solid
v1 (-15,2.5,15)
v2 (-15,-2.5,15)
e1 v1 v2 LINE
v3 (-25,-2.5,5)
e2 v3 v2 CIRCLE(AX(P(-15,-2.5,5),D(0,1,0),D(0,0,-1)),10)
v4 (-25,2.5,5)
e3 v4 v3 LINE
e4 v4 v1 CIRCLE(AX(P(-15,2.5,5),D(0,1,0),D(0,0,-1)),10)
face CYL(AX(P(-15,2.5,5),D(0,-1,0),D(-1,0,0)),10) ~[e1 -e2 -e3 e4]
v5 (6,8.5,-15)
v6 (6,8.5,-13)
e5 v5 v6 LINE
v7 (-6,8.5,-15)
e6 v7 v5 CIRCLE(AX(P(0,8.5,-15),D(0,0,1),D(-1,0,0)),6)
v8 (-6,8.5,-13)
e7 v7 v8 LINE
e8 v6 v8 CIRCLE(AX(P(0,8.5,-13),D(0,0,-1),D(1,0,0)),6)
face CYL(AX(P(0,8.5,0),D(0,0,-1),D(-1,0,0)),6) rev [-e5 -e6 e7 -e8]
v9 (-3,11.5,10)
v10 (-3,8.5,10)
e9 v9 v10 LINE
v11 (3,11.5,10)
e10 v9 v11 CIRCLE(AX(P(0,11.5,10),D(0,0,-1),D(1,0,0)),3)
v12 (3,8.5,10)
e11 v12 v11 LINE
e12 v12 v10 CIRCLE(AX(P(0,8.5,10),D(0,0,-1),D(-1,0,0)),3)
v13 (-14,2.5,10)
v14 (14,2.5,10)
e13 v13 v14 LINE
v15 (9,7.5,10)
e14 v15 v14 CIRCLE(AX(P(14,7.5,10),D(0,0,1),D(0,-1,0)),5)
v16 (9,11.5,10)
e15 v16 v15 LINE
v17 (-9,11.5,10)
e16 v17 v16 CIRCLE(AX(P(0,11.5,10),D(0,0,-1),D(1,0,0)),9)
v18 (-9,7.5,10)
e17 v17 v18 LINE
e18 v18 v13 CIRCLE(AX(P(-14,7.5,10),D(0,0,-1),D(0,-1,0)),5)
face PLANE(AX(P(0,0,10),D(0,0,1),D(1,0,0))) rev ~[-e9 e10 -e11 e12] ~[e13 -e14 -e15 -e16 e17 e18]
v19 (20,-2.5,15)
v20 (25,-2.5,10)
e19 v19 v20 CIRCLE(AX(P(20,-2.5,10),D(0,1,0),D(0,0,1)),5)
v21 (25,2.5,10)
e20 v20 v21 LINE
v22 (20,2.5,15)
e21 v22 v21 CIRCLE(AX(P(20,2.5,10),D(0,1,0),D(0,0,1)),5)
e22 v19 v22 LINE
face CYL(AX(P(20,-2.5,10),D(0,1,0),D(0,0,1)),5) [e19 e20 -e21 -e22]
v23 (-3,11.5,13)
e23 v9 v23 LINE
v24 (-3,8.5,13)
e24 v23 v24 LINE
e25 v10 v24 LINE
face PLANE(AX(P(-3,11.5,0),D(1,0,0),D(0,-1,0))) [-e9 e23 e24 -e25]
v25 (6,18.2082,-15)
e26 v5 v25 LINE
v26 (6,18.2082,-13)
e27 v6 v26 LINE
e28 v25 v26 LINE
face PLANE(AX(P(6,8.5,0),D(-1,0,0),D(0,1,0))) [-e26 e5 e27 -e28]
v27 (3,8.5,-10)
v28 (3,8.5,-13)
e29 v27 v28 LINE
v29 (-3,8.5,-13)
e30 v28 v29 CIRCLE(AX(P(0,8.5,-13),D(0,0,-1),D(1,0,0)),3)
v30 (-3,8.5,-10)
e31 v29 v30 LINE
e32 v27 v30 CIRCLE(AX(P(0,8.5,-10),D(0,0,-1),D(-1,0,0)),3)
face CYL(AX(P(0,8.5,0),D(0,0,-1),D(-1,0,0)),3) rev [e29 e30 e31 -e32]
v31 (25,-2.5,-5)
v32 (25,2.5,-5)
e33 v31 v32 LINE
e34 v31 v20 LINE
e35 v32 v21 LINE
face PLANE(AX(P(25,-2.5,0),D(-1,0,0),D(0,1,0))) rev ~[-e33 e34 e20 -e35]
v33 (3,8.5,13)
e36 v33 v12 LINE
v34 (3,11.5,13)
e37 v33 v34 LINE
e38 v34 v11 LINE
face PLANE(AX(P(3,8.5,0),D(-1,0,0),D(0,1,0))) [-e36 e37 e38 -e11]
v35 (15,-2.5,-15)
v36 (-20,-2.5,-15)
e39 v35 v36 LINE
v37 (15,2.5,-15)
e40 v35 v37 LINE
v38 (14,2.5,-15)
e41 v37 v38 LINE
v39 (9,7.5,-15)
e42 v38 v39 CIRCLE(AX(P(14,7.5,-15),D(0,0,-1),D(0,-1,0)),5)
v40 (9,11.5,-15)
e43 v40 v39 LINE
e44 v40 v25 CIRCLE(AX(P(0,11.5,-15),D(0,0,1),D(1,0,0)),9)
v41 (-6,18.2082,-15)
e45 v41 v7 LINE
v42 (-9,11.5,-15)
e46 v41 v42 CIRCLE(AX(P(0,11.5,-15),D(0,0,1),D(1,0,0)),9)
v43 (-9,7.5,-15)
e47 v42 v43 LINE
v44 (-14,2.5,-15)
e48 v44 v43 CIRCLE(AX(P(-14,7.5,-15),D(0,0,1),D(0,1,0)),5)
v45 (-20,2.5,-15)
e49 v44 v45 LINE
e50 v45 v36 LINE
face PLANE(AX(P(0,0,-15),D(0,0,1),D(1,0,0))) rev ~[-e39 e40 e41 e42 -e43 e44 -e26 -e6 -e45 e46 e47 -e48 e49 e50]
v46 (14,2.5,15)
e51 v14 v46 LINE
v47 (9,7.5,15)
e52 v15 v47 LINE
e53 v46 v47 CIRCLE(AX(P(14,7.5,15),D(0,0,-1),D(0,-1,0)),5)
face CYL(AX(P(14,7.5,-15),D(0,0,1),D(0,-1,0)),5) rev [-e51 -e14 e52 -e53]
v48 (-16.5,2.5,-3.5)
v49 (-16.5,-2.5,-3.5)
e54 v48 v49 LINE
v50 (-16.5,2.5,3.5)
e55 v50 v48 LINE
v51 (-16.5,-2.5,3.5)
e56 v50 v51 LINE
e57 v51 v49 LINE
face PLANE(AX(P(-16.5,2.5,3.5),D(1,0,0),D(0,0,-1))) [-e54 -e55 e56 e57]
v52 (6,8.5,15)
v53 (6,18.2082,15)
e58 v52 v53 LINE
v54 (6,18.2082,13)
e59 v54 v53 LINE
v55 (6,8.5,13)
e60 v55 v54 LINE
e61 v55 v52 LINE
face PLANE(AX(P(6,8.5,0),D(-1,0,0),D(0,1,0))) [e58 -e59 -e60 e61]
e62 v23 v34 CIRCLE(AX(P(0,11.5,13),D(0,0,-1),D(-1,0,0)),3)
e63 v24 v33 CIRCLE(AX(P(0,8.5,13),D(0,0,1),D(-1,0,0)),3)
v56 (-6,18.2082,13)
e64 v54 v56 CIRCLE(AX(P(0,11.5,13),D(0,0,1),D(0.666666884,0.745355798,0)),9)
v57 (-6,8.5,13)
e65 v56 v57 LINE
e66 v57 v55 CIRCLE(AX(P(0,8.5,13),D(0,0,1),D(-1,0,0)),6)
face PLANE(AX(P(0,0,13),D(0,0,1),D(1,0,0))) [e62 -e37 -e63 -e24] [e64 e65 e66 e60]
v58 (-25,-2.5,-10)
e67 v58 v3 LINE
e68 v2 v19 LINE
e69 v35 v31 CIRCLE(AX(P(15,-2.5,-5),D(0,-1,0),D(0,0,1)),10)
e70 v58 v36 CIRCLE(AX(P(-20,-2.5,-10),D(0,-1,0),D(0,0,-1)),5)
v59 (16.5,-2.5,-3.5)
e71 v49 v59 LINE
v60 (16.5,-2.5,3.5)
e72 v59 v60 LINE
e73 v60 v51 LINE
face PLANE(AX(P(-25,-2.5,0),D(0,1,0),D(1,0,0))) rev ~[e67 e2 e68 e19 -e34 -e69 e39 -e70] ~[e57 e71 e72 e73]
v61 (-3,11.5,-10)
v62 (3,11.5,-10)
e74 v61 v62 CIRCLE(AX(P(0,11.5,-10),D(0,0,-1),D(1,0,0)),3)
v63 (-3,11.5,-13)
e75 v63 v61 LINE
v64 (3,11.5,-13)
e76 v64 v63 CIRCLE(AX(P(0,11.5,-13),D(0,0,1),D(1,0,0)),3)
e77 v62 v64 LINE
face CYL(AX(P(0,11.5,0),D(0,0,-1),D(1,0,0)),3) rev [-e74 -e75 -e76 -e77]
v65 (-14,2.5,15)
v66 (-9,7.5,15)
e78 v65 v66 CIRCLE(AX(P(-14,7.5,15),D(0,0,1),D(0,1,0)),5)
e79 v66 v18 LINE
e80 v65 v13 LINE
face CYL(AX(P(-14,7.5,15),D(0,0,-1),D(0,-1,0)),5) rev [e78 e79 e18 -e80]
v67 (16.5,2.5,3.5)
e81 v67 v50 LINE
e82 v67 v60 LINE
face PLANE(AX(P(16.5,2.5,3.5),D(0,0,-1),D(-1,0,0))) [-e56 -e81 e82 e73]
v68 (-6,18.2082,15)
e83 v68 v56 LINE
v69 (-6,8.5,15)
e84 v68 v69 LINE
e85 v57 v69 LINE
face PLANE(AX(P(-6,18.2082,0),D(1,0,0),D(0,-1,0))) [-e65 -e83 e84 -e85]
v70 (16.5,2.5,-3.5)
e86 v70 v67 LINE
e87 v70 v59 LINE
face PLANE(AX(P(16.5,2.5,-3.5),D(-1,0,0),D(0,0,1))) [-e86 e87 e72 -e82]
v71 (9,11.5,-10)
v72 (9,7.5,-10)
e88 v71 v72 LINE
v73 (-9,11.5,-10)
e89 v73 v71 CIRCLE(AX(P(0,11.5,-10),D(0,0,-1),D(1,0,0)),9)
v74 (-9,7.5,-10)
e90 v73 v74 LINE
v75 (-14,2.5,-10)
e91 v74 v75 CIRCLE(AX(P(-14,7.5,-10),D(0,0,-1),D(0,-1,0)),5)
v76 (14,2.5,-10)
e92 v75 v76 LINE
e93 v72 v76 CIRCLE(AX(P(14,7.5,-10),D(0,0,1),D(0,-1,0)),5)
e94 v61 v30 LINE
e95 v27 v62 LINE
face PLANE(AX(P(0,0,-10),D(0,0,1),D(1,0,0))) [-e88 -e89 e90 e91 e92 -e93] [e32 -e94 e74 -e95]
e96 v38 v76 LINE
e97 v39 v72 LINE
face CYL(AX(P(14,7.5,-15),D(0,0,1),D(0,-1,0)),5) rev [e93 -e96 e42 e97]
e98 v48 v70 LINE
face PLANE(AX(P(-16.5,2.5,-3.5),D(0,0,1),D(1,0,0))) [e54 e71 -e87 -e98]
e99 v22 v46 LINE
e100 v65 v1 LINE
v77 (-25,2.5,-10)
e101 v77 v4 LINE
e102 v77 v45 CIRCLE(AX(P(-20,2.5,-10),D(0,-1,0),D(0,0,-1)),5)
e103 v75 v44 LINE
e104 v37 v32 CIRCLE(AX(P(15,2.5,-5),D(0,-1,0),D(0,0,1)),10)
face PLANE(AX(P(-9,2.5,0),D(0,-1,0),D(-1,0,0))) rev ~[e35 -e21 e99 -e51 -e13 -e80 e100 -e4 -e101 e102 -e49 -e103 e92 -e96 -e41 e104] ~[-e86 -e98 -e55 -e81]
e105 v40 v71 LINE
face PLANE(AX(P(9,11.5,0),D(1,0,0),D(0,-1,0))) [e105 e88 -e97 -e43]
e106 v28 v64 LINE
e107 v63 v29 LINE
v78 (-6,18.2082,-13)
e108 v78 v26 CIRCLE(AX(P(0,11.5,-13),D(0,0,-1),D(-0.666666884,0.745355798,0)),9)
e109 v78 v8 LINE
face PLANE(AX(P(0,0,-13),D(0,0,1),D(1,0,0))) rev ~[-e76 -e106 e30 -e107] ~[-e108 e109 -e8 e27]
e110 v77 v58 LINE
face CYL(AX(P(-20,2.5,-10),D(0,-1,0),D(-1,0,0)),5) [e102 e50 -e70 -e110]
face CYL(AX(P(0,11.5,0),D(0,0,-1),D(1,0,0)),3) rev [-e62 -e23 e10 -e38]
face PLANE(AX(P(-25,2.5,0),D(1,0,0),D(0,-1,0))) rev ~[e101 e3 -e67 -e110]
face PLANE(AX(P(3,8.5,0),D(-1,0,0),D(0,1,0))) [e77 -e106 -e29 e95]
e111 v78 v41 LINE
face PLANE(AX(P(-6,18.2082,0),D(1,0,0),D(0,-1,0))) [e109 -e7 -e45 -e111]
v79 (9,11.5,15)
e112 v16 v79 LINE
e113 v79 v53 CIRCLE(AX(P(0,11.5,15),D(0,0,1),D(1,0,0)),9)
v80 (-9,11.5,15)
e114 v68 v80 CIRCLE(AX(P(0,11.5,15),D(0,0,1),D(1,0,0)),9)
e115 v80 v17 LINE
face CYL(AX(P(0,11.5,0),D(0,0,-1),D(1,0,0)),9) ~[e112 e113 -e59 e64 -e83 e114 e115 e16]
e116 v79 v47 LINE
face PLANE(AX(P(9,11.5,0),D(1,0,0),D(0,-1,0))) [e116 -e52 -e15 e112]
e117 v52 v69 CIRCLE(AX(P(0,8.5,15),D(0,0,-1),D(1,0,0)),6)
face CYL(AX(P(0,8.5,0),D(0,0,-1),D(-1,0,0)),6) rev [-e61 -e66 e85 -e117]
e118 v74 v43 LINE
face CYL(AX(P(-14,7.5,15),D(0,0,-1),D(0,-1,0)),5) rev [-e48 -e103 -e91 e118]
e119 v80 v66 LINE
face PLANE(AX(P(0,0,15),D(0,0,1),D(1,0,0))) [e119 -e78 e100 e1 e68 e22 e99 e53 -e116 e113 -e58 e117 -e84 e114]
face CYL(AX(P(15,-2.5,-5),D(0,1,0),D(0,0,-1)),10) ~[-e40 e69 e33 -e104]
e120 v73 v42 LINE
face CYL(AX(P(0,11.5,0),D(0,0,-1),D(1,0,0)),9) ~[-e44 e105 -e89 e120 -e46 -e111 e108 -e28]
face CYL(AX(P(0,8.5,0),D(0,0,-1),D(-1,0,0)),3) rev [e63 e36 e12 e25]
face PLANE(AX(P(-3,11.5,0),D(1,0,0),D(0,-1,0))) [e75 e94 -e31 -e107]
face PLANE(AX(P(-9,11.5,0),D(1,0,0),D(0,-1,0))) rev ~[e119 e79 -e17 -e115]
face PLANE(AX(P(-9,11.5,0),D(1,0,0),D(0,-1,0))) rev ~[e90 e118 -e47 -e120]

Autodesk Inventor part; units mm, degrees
ref_plane "YZ Plane" through (0, 0, 0) normal (1, 0, 0) x (0, 1, 0)
ref_plane "XZ Plane" through (0, 0, 0) normal (0, 1, 0) x (-1, 0, 0)
ref_plane "XY Plane" through (0, 0, 0) normal (0, 0, 1) x (1, 0, 0)
sketch "스케치1" plane through (0, 0, 0) normal (0, 0, 1) x (1, 0, 0)
  line L0 (-25, 2.5) -> (-25, -2.5)
  line L1 (25, -2.5) -> (25, 2.5)
  line L2 (-25, -2.5) -> (25, -2.5)
  arc A0 (9, 11.5) -> (-9, 11.5) centre (0, 11.5) ccw
  line L3 (0, 11.5) -> (0, 8.5) construction
  line L4 (-3, 11.5) -> (-3, 8.5)
  line L5 (3, 8.5) -> (3, 11.5)
  arc A1 (3, 11.5) -> (-3, 11.5) centre (0, 11.5) ccw
  arc A2 (-3, 8.5) -> (3, 8.5) centre (0, 8.5) ccw
  line L6 (0, 20.1537) -> (0, 8.5) construction
  line L7 (-6, 18.2082) -> (-6, 8.5)
  line L8 (6, 8.5) -> (6, 18.2082)
  arc A3 (-6, 8.5) -> (6, 8.5) centre (0, 8.5) ccw
  line L9 (0, -7.1) -> (0, 25.1) projected
  line L10 (-9, 11.5) -> (-9, 2.5)
  line L11 (9, 11.5) -> (9, 2.5)
  line L12 (25, 2.5) -> (9, 2.5)
  line L13 (-9, 2.5) -> (-25, 2.5)
  point P0 (-25, 0)
  point P1 (0, 0)
  point P2 (0, 10)
  point P3 (0, 14.3269)
  dimension "d7" = 50
  dimension "d8" = 5
  dimension "d9" = 25
  dimension "d10" = 18
  dimension "d11" = 3
  dimension "d14" = 0
  dimension "d15" = 0
extrude "돌출1" add sketch "스케치1" along normal mid plane 30 contours L13 L10 A0 L7 A3 L9 L2 L0 | L9 A3 L8 A0 L11 L12 L1 L2
extrude "돌출2" add sketch "스케치1" along normal mid plane 26 contours L9 A2 L5 A1 A0 L8 A3 | A3 L7 A0 L9 A1 L4 A2
fillet "모깎기1" radius 5 2 edges at (9, 2.5, 0) (-9, 2.5, 0)
sketch "스케치3" plane through (0, 0, 0) normal (0, 0, 1) x (1, 0, 0)
  line L0 (-23.0758, 32.485) -> (23.2904, 32.485)
  line L1 (23.2904, 32.485) -> (23.2904, 2.5)
  line L2 (23.2904, 2.5) -> (-23.0758, 2.5)
  line L3 (-23.0758, 2.5) -> (-23.0758, 32.485)
  line L4 (-25, 2.5) -> (-14, 2.5) projected
  point P0 (0, 0)
  dimension "d21" = 0
extrude "돌출3" cut sketch "스케치3" along normal mid plane 20
sketch "스케치4" plane through (-25, 2.5, 15) normal (0, 1, 0) x (1, 0, 0)
  line L0 (8.5, 18.5) -> (41.5, 18.5)
  line L1 (41.5, 18.5) -> (41.5, 11.5)
  line L2 (41.5, 11.5) -> (8.5, 11.5)
  line L3 (8.5, 11.5) -> (8.5, 18.5)
  line L4 (8.5, 18.5) -> (41.5, 11.5) construction
  line L5 (41.5, 18.5) -> (8.5, 11.5) construction
  point P0 (25, 15)
  dimension "d24" = 33
  dimension "d25" = 7
extrude "돌출4" cut sketch "스케치4" against normal blind 20
fillet "모깎기2" radius 5 2 edges at (-25, 0, -15) (25, 0, 15)
fillet "모깎기3" radius 10 2 edges at (-25, 0, 15) (25, 0, -15)
properties part number "15-1"
